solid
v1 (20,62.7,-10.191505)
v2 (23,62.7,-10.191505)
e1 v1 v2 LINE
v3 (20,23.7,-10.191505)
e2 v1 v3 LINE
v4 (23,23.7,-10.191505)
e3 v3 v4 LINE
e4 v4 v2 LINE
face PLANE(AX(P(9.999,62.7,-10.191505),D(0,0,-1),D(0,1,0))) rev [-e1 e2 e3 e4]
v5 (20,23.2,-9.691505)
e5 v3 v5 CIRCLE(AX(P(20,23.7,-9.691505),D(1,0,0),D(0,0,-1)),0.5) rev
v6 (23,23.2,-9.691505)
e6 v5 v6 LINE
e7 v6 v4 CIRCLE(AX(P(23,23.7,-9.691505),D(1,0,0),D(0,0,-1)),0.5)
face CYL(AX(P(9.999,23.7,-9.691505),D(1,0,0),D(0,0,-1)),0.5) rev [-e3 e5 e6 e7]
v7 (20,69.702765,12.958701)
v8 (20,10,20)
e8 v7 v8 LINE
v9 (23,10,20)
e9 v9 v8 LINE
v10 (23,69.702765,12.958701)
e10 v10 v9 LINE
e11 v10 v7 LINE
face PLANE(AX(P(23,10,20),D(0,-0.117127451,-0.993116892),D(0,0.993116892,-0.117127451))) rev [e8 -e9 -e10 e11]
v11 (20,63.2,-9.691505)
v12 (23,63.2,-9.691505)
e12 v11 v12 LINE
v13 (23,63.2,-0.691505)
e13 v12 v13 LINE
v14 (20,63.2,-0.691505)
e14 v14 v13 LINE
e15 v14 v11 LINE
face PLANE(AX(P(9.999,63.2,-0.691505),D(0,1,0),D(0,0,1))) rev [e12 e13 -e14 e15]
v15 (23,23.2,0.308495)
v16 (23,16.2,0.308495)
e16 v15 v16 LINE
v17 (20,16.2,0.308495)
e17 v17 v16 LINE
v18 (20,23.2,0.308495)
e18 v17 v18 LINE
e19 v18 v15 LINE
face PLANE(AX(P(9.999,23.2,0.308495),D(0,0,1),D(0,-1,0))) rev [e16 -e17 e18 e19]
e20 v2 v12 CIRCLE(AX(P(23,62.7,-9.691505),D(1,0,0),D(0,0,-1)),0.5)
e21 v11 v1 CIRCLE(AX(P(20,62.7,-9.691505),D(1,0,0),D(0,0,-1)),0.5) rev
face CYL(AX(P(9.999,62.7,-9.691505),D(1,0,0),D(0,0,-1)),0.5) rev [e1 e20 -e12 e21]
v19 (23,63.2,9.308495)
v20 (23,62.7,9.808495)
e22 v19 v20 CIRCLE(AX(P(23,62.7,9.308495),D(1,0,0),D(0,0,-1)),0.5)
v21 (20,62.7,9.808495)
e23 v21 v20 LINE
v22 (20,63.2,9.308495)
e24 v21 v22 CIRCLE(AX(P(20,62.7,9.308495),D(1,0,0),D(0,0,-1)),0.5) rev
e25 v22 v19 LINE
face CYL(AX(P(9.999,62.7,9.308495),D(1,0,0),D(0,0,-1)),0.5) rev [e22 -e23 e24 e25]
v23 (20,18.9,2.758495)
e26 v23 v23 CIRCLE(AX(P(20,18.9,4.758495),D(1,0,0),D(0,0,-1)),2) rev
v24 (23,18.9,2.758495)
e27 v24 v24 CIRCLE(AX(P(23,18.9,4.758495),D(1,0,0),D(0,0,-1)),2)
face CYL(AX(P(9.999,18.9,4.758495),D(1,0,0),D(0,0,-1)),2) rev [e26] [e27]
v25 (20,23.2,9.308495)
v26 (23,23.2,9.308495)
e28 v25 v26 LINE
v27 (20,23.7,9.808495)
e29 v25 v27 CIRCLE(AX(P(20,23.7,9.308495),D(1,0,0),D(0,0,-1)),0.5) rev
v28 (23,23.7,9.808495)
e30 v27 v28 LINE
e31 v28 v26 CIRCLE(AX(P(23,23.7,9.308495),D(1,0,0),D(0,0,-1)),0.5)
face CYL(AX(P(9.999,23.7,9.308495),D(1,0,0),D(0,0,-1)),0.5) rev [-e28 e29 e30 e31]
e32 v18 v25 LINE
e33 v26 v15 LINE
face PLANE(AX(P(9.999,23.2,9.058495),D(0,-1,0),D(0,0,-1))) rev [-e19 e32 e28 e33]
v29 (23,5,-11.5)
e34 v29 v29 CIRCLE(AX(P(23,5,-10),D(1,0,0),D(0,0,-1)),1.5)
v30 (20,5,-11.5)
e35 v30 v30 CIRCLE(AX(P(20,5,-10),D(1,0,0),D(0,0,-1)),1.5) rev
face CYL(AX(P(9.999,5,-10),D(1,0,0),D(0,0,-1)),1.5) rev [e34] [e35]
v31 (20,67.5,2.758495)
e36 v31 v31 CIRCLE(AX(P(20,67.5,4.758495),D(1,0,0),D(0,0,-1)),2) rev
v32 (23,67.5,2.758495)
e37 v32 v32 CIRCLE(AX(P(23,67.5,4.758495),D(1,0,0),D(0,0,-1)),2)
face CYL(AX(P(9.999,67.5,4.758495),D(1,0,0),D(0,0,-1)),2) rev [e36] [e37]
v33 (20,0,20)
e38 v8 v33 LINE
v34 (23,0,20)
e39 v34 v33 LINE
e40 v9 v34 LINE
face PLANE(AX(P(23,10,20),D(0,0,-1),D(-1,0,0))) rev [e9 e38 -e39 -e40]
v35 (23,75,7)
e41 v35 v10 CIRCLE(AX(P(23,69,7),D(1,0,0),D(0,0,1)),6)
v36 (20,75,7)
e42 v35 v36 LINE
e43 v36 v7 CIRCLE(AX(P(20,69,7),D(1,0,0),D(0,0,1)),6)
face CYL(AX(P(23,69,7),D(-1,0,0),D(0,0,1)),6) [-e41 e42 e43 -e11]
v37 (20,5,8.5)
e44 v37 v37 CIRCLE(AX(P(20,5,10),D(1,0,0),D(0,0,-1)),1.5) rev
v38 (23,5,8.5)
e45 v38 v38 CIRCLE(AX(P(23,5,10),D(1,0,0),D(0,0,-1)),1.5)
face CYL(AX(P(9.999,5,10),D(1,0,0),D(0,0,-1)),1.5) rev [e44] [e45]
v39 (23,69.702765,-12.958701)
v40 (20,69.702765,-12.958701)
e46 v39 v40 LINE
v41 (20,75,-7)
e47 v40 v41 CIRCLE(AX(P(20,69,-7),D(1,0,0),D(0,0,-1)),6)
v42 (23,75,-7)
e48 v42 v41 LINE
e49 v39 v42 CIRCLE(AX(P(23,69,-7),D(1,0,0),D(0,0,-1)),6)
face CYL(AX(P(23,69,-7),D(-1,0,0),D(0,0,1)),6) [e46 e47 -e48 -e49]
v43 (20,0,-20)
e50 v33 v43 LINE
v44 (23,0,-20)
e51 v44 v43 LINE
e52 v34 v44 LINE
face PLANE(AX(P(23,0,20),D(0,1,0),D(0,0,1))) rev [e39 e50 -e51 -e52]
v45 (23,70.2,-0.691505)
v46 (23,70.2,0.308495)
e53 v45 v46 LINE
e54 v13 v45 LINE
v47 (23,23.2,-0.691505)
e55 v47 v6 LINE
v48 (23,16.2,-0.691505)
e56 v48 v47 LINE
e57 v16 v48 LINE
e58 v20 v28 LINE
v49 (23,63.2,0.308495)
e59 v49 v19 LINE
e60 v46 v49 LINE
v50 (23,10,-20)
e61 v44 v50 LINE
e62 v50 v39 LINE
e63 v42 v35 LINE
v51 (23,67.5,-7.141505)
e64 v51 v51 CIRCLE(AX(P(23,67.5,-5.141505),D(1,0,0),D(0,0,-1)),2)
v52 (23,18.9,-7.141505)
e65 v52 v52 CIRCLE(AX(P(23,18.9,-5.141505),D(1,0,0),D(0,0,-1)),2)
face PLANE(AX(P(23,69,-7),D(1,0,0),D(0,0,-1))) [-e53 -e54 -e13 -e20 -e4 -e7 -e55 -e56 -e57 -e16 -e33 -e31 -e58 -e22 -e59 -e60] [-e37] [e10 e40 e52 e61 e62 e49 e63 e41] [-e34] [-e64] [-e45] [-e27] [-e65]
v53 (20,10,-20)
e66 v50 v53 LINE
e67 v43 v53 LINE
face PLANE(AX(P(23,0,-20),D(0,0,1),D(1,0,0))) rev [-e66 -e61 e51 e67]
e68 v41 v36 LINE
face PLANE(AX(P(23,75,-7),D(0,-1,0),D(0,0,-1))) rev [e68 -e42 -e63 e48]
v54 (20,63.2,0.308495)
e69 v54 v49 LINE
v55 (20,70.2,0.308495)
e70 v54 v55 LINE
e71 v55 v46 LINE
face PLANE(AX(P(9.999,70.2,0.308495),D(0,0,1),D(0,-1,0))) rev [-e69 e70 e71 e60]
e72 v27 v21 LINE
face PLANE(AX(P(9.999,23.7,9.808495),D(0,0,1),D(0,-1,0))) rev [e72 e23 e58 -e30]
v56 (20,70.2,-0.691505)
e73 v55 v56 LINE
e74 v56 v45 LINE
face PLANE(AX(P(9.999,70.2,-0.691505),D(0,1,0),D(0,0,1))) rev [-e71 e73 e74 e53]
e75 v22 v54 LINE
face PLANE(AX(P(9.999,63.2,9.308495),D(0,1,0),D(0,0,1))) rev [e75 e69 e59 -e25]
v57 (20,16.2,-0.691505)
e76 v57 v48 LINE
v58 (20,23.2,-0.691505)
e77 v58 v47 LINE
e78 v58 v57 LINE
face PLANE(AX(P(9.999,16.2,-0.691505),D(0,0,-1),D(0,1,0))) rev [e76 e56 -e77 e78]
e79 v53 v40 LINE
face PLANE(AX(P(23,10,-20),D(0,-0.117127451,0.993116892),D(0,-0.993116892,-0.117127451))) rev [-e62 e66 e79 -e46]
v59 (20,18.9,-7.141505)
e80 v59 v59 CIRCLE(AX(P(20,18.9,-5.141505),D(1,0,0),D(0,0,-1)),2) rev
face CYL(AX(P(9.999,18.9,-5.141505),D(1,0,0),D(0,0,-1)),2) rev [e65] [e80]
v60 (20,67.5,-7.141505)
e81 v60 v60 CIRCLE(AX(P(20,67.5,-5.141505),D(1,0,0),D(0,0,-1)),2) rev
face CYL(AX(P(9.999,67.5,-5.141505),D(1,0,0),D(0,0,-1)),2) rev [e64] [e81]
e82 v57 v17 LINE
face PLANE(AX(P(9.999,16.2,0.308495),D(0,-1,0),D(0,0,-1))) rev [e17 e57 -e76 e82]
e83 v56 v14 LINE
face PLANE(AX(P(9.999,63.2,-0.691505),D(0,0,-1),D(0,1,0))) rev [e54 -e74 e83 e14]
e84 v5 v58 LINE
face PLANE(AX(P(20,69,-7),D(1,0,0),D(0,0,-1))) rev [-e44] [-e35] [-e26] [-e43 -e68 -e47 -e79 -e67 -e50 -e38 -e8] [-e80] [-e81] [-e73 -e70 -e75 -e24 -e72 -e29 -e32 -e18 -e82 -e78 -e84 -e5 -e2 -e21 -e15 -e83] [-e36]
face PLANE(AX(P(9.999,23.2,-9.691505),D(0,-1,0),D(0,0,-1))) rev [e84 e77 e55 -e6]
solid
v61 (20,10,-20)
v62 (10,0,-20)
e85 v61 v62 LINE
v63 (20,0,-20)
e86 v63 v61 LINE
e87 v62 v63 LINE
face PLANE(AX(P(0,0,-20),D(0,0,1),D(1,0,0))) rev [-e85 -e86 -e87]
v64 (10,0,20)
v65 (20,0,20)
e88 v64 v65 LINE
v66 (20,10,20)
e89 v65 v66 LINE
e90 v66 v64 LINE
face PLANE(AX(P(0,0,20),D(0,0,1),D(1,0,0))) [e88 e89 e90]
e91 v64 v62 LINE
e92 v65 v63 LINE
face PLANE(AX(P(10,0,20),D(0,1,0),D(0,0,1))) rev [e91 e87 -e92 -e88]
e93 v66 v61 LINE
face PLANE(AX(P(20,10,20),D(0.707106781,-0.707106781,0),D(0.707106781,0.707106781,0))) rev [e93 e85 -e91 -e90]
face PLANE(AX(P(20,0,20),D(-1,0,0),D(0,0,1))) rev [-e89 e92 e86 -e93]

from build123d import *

# Parameters (mm, degrees)
BOSS_EXTRUDE1_DEPTH = 20
BOSS_EXTRUDE2_DEPTH = 3
SKETCH4_R           = 2
CUT_EXTRUDE1_DEPTH  = 3
SKETCH5_R           = 1.5
CUT_EXTRUDE2_DEPTH  = 3


with BuildPart() as part:
    # Sketch1 → Boss-Extrude1 (new, symmetric)
    with BuildSketch(Plane.XY):
        Polygon((20, 0), (20, 10), (10, 0), align=None)
    extrude(amount=BOSS_EXTRUDE1_DEPTH, both=True)


with BuildPart() as body_2:
    # Sketch2 → Boss-Extrude2 (new body)
    with BuildSketch(Plane(origin=(20, 0, 0), x_dir=(0, 0, -1), z_dir=(1, 0, 0))):
        with BuildLine():
            Line((20, 10), (12.958701349, 69.702764704))
            ThreePointArc((12.958701349, 69.702764704), (10.986440253, 73.484227259), (7, 75))
            Line((7, 75), (-7, 75))
            ThreePointArc((-7, 75), (-10.986440253, 73.484227259), (-12.958701349, 69.702764704))
            Line((-12.958701349, 69.702764704), (-20, 10))
            Line((-20, 10), (-20, 0))
            Line((-20, 0), (20, 0))
            Line((20, 0), (20, 10))
        make_face()
    extrude(amount=BOSS_EXTRUDE2_DEPTH)

    # Sketch4 → Cut-Extrude1 (cut)
    with BuildSketch(Plane(origin=(23, 0, 0), x_dir=(0, 0, -1), z_dir=(1, 0, 0))):
        with Locations((5.141504709, 67.5)):
            Circle(SKETCH4_R)
        with Locations((-4.758495291, 67.5)):
            Circle(SKETCH4_R)
        with Locations((5.141504709, 18.9)):
            Circle(SKETCH4_R)
        with Locations((-4.758495291, 18.9)):
            Circle(SKETCH4_R)
        with BuildLine():
            Line((-0.308495291, 23.2), (-0.308495291, 16.2))
            Line((-0.308495291, 16.2), (0.691504709, 16.2))
            Line((0.691504709, 16.2), (0.691504709, 23.2))
            Line((0.691504709, 23.2), (9.441504709, 23.2))
            Line((9.441504709, 23.2), (9.691504709, 23.2))
            ThreePointArc((9.691504709, 23.2), (10.0450581, 23.346446609), (10.191504709, 23.7))
            Line((10.191504709, 23.7), (10.191504709, 62.7))
            ThreePointArc((10.191504709, 62.7), (10.0450581, 63.053553391), (9.691504709, 63.2))
            Line((9.691504709, 63.2), (9.441504709, 63.2))
            Line((9.441504709, 63.2), (0.691504709, 63.2))
            Line((0.691504709, 63.2), (0.691504709, 70.2))
            Line((0.691504709, 70.2), (-0.308495291, 70.2))
            Line((-0.308495291, 70.2), (-0.308495291, 63.2))
            Line((-0.308495291, 63.2), (-9.058495291, 63.2))
            Line((-9.058495291, 63.2), (-9.308495291, 63.2))
            ThreePointArc((-9.308495291, 63.2), (-9.662048682, 63.053553391), (-9.808495291, 62.7))
            Line((-9.808495291, 62.7), (-9.808495291, 23.7))
            ThreePointArc((-9.808495291, 23.7), (-9.662048682, 23.346446609), (-9.308495291, 23.2))
            Line((-9.308495291, 23.2), (-9.058495291, 23.2))
            Line((-9.058495291, 23.2), (-0.308495291, 23.2))
        make_face()
    extrude(amount=-CUT_EXTRUDE1_DEPTH, mode=Mode.SUBTRACT)

    # Sketch5 → Cut-Extrude2 (cut)
    with BuildSketch(Plane(origin=(23, 0, 0), x_dir=(0, 0, -1), z_dir=(1, 0, 0))):
        with Locations((10, 5)):
            Circle(SKETCH5_R)
        with Locations((-10, 5)):
            Circle(SKETCH5_R)
    extrude(amount=-CUT_EXTRUDE2_DEPTH, mode=Mode.SUBTRACT)


solid = Compound([part.part, body_2.part])
